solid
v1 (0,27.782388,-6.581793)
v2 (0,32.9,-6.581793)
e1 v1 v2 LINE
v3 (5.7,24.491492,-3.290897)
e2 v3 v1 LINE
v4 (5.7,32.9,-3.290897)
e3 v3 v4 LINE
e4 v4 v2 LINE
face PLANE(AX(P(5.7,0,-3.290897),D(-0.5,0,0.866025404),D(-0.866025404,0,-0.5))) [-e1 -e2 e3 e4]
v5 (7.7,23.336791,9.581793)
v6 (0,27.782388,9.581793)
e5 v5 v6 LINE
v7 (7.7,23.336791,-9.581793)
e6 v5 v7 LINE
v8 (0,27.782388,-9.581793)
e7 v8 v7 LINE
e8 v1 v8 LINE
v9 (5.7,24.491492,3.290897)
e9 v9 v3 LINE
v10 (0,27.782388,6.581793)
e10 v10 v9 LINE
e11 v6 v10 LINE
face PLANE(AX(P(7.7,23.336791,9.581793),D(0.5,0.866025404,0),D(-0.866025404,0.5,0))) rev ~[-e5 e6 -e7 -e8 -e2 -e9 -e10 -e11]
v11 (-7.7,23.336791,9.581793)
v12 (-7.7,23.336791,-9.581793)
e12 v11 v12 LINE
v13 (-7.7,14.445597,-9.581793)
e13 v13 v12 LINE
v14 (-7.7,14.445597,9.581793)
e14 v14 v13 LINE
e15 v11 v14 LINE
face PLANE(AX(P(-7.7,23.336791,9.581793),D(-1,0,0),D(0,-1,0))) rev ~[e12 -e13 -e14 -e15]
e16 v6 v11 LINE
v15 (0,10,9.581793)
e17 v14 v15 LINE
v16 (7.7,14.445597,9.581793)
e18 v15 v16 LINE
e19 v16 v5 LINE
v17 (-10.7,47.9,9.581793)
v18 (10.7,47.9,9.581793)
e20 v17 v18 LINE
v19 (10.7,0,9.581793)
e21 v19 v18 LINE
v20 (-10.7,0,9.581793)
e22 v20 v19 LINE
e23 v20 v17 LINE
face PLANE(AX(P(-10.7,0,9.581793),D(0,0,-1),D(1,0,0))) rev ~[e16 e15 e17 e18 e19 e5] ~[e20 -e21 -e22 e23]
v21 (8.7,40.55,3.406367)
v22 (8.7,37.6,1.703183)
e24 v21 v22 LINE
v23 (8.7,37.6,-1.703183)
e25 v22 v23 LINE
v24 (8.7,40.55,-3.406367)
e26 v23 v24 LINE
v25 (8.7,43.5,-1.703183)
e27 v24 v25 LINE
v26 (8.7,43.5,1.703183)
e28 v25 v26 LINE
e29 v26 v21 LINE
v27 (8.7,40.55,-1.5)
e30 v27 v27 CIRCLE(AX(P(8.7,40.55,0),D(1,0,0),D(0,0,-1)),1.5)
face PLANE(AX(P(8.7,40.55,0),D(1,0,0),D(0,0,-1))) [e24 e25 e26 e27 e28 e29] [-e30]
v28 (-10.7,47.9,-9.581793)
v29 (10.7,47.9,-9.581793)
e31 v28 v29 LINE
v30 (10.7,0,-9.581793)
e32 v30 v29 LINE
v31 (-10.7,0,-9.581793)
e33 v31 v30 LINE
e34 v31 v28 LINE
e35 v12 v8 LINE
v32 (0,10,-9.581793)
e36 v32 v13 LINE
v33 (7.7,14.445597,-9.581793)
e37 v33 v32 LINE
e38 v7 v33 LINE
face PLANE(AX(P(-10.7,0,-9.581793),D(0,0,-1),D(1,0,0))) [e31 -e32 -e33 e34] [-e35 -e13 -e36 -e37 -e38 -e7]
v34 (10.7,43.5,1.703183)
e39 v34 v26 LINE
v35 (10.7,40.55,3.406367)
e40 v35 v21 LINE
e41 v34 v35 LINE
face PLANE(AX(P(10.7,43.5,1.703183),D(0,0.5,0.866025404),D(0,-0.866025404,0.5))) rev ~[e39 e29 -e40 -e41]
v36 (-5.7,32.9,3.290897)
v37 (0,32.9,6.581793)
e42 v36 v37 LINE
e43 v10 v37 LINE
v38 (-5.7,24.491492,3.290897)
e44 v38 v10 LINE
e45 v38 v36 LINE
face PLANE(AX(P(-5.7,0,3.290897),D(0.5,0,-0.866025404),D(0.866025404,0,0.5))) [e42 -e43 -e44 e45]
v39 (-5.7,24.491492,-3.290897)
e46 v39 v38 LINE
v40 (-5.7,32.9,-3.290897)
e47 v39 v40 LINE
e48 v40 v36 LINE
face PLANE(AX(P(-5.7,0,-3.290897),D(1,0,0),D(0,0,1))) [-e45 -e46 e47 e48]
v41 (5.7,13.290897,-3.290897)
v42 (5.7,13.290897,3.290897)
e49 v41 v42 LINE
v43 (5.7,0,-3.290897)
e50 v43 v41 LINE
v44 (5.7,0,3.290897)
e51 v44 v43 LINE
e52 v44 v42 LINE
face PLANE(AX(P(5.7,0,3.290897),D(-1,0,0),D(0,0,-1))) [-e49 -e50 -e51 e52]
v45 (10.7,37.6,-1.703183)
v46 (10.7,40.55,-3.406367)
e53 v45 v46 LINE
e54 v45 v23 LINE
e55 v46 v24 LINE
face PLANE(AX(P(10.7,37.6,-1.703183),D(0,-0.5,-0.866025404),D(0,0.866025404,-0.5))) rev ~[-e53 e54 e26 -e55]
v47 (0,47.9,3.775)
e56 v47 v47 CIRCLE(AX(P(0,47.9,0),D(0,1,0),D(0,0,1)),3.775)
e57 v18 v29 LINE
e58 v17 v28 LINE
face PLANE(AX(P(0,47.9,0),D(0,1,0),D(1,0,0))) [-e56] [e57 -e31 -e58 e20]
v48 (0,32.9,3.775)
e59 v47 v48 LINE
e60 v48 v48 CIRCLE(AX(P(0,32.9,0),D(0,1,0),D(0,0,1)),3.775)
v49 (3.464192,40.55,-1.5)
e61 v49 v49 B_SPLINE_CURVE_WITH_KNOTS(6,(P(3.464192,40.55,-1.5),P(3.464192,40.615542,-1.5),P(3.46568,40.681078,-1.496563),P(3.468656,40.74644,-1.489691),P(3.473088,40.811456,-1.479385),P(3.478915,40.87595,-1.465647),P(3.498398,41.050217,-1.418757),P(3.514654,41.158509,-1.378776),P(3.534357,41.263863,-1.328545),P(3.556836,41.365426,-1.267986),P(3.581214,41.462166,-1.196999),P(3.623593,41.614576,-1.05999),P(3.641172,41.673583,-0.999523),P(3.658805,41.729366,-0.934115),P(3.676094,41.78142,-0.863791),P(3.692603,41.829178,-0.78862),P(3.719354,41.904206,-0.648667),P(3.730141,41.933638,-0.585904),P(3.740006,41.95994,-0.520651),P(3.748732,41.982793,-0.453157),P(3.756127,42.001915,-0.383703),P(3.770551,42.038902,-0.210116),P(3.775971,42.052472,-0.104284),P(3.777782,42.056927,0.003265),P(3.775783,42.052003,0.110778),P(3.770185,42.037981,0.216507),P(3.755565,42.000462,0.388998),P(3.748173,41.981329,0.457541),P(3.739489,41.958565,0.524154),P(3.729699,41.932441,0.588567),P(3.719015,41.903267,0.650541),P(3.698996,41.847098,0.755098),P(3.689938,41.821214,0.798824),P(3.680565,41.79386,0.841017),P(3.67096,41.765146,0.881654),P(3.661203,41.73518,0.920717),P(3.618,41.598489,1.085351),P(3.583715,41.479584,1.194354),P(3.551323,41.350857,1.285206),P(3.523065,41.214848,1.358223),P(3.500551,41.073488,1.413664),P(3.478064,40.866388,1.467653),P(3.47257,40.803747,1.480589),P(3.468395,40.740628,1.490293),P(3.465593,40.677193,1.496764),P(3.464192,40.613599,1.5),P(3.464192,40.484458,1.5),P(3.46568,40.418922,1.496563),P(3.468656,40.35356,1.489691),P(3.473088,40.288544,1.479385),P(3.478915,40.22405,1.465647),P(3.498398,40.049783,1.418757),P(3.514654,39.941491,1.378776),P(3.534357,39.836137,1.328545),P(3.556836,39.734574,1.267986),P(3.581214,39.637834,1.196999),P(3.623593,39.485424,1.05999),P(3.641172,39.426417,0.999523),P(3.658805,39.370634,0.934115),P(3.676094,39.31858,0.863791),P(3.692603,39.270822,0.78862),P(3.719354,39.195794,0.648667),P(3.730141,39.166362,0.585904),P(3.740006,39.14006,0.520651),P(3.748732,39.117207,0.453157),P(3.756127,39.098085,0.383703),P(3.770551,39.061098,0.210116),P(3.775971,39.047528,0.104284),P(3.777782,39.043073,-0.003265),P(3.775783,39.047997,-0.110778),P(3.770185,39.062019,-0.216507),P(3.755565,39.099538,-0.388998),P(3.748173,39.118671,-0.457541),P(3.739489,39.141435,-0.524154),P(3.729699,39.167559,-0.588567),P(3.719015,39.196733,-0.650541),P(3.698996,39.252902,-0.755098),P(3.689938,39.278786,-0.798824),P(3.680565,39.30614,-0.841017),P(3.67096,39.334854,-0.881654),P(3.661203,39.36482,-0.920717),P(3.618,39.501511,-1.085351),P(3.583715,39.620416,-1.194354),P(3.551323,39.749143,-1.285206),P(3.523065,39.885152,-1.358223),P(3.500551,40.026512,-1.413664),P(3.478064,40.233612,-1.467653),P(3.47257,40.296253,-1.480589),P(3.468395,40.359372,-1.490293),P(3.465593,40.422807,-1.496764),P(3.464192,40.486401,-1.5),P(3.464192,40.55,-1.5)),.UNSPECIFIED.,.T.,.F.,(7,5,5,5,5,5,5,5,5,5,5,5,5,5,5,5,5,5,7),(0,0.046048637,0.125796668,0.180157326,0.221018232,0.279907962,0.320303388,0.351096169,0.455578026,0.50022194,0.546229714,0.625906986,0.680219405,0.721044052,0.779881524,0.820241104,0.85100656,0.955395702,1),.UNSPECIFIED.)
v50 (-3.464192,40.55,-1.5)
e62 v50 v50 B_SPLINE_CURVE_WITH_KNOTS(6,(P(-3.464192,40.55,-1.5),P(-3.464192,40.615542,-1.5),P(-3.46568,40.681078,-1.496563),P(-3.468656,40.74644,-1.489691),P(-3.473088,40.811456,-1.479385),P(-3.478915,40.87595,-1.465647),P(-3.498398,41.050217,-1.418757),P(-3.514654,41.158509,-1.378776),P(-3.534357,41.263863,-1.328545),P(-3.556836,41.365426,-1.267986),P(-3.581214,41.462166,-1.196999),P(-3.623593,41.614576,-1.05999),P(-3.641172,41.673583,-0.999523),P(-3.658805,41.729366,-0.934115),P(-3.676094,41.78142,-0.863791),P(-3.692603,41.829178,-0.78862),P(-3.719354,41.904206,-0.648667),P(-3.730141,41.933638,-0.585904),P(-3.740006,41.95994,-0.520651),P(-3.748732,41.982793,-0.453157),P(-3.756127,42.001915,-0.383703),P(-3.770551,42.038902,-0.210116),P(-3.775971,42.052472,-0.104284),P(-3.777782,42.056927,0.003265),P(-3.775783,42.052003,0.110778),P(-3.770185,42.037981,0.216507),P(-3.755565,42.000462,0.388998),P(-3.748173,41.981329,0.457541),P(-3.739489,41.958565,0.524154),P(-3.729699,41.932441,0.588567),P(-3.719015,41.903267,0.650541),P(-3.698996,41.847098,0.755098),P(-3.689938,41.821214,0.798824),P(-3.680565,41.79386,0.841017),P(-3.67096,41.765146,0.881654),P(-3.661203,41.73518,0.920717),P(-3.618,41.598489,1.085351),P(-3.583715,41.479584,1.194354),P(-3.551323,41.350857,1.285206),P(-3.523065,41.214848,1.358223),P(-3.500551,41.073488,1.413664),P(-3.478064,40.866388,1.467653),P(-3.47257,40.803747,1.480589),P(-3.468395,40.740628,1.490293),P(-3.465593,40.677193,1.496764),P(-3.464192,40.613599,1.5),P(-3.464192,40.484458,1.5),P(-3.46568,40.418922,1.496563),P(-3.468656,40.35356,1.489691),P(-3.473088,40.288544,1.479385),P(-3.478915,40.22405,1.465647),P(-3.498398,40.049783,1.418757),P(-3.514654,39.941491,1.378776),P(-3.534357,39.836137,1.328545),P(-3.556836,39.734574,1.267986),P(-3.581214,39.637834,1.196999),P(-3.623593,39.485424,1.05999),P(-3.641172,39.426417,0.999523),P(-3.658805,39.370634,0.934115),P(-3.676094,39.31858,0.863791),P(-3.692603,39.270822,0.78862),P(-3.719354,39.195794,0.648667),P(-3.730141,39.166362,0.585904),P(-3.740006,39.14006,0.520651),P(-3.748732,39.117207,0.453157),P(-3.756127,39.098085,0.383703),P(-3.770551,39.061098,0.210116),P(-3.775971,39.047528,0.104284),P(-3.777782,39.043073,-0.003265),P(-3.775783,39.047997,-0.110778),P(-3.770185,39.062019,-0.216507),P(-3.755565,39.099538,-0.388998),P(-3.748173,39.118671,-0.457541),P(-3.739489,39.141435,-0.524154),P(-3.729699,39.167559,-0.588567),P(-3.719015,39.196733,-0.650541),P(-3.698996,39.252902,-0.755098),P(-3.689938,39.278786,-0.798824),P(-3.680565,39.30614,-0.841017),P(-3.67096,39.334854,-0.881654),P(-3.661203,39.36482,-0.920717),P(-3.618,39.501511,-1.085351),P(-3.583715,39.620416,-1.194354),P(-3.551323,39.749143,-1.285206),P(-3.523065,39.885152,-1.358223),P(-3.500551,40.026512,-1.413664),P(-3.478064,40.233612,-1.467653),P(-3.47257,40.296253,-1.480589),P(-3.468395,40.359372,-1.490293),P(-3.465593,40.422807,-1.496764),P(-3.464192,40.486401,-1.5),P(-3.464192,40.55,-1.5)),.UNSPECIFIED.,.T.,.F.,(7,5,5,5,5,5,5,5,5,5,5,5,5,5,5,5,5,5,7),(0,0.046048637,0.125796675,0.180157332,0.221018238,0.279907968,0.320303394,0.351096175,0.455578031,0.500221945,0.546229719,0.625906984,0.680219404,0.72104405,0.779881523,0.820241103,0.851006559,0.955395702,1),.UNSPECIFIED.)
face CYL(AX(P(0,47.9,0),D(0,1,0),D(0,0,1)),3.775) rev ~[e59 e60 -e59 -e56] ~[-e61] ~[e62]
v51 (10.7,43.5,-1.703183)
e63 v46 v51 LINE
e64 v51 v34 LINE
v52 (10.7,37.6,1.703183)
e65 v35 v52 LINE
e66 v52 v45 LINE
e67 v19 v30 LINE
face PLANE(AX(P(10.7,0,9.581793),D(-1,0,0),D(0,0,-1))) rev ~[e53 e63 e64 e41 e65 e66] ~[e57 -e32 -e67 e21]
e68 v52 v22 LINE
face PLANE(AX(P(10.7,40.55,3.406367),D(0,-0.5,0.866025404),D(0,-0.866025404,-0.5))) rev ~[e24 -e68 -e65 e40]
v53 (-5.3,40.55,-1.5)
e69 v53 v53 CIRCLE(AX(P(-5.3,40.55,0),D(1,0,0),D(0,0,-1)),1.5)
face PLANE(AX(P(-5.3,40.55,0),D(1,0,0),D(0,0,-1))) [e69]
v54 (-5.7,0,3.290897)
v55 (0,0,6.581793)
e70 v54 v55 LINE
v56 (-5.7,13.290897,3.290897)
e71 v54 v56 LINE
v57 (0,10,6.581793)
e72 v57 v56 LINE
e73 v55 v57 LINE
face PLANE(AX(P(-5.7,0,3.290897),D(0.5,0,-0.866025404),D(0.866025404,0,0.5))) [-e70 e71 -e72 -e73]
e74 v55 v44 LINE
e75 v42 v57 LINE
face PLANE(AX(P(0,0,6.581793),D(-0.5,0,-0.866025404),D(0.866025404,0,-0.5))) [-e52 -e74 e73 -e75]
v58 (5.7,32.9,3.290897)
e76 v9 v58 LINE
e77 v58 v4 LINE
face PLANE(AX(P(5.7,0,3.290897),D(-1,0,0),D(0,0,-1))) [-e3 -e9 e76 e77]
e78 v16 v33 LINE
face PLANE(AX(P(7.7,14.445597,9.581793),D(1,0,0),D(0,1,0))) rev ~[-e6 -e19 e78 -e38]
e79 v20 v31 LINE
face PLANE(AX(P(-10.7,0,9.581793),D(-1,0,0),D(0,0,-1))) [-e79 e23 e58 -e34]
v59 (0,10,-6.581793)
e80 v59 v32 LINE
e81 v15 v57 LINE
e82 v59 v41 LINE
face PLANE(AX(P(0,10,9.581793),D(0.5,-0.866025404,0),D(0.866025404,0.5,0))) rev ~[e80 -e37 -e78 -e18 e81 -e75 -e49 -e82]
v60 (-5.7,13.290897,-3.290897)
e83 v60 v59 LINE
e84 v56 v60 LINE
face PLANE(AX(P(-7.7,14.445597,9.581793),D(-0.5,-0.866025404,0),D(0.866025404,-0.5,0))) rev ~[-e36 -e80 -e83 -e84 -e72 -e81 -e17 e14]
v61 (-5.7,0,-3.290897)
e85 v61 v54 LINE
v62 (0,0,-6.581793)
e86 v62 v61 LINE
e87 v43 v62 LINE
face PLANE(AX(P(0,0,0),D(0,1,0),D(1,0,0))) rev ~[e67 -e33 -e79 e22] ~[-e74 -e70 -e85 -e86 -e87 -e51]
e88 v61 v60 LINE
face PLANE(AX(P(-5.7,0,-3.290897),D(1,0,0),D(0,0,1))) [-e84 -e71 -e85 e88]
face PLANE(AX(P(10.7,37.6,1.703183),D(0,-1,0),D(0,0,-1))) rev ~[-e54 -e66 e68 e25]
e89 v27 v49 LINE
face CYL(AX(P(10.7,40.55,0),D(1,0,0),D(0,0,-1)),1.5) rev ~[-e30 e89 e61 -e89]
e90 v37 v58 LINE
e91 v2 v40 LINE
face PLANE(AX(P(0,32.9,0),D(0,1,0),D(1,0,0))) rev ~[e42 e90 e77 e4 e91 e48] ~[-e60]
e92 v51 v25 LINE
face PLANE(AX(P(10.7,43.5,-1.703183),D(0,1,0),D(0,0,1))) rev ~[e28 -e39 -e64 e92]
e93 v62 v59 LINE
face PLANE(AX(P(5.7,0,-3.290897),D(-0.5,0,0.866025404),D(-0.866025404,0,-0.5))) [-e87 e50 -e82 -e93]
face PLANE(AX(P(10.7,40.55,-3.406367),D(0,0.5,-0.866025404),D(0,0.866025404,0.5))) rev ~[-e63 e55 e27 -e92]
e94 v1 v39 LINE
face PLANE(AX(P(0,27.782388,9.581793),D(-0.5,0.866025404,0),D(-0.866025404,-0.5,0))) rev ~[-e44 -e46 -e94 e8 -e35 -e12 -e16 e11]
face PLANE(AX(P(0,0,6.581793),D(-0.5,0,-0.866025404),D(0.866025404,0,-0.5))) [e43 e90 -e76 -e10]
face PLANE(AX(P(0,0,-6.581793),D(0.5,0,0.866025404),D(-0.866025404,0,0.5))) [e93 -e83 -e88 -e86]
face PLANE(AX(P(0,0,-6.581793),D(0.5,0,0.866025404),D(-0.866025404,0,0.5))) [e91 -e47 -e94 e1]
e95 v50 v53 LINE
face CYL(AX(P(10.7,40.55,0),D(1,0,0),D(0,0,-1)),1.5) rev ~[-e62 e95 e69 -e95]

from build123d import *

# Parameters (mm, degrees)
ESQUISSE1_W                  = 21.4
ESQUISSE1_H                  = 19.163586138
BOSS_EXTRU_1_DEPTH           = 47.9
ENL_V_MAT_EXTRU_1_DEPTH      = 32.9
ENL_V_MAT_EXTRU_2_REACH      = 49.9
ESQUISSE3_R                  = 3.775
ENL_V_MAT_EXTRU_3_DEPTH      = 1
ENL_V_MAT_EXTRU_3_DEPTH_BACK = 20.163586138
ESQUISSE5_R                  = 1.5
ENL_V_MAT_EXTRU_4_DEPTH      = 16
ENL_V_MAT_EXTRU_5_DEPTH      = 2


with BuildPart() as part:
    # Esquisse1 → Boss.-Extru.1 (new body)
    with BuildSketch(Plane(origin=(0, 0, 0), x_dir=(1, 0, 0), z_dir=(0, 1, 0))):
        Rectangle(ESQUISSE1_W, ESQUISSE1_H)
    extrude(amount=BOSS_EXTRU_1_DEPTH)

    # Esquisse2 → Enlèv. mat.-Extru.1 (cut)
    with BuildSketch(Plane(origin=(0, 0, 0), x_dir=(-1, 0, 0), z_dir=(0, -1, 0))):
        Polygon((5.7, -3.290896534), (0, -6.581793069), (-5.7, -3.290896534), (-5.7, 3.290896534), (0, 6.581793069), (5.7, 3.290896534), align=None)
    extrude(amount=-ENL_V_MAT_EXTRU_1_DEPTH, mode=Mode.SUBTRACT)

    # Esquisse3 → Enlèv. mat.-Extru.2 (cut, up to next)
    with BuildSketch(Plane(origin=(0, 47.9, 0), x_dir=(1, 0, 0), z_dir=(0, 1, 0)), mode=Mode.PRIVATE) as enl_v_mat_extru_2_sk1:
        with Locations(Location((0, 0, 0), (0, 0, 270))):  # turned: the seam where the file's is
            Circle(ESQUISSE3_R)
    enl_v_mat_extru_2_tool1 = extrude(enl_v_mat_extru_2_sk1.sketch, amount=-ENL_V_MAT_EXTRU_2_REACH, mode=Mode.PRIVATE) & part.part
    add(enl_v_mat_extru_2_tool1.solids().sort_by_distance((0, 47.9, 0))[0], mode=Mode.SUBTRACT)

    # Esquisse4 → Enlèv. mat.-Extru.3 (cut, two sides)
    with BuildSketch(Plane.XY.offset(9.581793069)) as enl_v_mat_extru_3_sk:
        Polygon((0, 27.782388291), (-7.7, 23.336791218), (-7.7, 14.445597073), (0, 10), (7.7, 14.445597073), (7.7, 23.336791218), align=None)
    extrude(amount=ENL_V_MAT_EXTRU_3_DEPTH, mode=Mode.SUBTRACT)
    extrude(enl_v_mat_extru_3_sk.sketch, amount=-ENL_V_MAT_EXTRU_3_DEPTH_BACK, mode=Mode.SUBTRACT)

    # Esquisse5 → Enlèv. mat.-Extru.4 (cut)
    with BuildSketch(Plane(origin=(10.7, 0, 0), x_dir=(0, 0, -1), z_dir=(1, 0, 0))):
        with Locations((0, 40.55)):
            Circle(ESQUISSE5_R)
    extrude(amount=-ENL_V_MAT_EXTRU_4_DEPTH, mode=Mode.SUBTRACT)

    # Esquisse6 → Enlèv. mat.-Extru.5 (cut)
    with BuildSketch(Plane(origin=(10.7, 0, 0), x_dir=(0, 0, -1), z_dir=(1, 0, 0))):
        Polygon((1.703183294, 43.5), (-1.703183294, 43.5), (-3.406366588, 40.55), (-1.703183294, 37.6), (1.703183294, 37.6), (3.406366588, 40.55), align=None)
    extrude(amount=-ENL_V_MAT_EXTRU_5_DEPTH, mode=Mode.SUBTRACT)


solid = part.part
